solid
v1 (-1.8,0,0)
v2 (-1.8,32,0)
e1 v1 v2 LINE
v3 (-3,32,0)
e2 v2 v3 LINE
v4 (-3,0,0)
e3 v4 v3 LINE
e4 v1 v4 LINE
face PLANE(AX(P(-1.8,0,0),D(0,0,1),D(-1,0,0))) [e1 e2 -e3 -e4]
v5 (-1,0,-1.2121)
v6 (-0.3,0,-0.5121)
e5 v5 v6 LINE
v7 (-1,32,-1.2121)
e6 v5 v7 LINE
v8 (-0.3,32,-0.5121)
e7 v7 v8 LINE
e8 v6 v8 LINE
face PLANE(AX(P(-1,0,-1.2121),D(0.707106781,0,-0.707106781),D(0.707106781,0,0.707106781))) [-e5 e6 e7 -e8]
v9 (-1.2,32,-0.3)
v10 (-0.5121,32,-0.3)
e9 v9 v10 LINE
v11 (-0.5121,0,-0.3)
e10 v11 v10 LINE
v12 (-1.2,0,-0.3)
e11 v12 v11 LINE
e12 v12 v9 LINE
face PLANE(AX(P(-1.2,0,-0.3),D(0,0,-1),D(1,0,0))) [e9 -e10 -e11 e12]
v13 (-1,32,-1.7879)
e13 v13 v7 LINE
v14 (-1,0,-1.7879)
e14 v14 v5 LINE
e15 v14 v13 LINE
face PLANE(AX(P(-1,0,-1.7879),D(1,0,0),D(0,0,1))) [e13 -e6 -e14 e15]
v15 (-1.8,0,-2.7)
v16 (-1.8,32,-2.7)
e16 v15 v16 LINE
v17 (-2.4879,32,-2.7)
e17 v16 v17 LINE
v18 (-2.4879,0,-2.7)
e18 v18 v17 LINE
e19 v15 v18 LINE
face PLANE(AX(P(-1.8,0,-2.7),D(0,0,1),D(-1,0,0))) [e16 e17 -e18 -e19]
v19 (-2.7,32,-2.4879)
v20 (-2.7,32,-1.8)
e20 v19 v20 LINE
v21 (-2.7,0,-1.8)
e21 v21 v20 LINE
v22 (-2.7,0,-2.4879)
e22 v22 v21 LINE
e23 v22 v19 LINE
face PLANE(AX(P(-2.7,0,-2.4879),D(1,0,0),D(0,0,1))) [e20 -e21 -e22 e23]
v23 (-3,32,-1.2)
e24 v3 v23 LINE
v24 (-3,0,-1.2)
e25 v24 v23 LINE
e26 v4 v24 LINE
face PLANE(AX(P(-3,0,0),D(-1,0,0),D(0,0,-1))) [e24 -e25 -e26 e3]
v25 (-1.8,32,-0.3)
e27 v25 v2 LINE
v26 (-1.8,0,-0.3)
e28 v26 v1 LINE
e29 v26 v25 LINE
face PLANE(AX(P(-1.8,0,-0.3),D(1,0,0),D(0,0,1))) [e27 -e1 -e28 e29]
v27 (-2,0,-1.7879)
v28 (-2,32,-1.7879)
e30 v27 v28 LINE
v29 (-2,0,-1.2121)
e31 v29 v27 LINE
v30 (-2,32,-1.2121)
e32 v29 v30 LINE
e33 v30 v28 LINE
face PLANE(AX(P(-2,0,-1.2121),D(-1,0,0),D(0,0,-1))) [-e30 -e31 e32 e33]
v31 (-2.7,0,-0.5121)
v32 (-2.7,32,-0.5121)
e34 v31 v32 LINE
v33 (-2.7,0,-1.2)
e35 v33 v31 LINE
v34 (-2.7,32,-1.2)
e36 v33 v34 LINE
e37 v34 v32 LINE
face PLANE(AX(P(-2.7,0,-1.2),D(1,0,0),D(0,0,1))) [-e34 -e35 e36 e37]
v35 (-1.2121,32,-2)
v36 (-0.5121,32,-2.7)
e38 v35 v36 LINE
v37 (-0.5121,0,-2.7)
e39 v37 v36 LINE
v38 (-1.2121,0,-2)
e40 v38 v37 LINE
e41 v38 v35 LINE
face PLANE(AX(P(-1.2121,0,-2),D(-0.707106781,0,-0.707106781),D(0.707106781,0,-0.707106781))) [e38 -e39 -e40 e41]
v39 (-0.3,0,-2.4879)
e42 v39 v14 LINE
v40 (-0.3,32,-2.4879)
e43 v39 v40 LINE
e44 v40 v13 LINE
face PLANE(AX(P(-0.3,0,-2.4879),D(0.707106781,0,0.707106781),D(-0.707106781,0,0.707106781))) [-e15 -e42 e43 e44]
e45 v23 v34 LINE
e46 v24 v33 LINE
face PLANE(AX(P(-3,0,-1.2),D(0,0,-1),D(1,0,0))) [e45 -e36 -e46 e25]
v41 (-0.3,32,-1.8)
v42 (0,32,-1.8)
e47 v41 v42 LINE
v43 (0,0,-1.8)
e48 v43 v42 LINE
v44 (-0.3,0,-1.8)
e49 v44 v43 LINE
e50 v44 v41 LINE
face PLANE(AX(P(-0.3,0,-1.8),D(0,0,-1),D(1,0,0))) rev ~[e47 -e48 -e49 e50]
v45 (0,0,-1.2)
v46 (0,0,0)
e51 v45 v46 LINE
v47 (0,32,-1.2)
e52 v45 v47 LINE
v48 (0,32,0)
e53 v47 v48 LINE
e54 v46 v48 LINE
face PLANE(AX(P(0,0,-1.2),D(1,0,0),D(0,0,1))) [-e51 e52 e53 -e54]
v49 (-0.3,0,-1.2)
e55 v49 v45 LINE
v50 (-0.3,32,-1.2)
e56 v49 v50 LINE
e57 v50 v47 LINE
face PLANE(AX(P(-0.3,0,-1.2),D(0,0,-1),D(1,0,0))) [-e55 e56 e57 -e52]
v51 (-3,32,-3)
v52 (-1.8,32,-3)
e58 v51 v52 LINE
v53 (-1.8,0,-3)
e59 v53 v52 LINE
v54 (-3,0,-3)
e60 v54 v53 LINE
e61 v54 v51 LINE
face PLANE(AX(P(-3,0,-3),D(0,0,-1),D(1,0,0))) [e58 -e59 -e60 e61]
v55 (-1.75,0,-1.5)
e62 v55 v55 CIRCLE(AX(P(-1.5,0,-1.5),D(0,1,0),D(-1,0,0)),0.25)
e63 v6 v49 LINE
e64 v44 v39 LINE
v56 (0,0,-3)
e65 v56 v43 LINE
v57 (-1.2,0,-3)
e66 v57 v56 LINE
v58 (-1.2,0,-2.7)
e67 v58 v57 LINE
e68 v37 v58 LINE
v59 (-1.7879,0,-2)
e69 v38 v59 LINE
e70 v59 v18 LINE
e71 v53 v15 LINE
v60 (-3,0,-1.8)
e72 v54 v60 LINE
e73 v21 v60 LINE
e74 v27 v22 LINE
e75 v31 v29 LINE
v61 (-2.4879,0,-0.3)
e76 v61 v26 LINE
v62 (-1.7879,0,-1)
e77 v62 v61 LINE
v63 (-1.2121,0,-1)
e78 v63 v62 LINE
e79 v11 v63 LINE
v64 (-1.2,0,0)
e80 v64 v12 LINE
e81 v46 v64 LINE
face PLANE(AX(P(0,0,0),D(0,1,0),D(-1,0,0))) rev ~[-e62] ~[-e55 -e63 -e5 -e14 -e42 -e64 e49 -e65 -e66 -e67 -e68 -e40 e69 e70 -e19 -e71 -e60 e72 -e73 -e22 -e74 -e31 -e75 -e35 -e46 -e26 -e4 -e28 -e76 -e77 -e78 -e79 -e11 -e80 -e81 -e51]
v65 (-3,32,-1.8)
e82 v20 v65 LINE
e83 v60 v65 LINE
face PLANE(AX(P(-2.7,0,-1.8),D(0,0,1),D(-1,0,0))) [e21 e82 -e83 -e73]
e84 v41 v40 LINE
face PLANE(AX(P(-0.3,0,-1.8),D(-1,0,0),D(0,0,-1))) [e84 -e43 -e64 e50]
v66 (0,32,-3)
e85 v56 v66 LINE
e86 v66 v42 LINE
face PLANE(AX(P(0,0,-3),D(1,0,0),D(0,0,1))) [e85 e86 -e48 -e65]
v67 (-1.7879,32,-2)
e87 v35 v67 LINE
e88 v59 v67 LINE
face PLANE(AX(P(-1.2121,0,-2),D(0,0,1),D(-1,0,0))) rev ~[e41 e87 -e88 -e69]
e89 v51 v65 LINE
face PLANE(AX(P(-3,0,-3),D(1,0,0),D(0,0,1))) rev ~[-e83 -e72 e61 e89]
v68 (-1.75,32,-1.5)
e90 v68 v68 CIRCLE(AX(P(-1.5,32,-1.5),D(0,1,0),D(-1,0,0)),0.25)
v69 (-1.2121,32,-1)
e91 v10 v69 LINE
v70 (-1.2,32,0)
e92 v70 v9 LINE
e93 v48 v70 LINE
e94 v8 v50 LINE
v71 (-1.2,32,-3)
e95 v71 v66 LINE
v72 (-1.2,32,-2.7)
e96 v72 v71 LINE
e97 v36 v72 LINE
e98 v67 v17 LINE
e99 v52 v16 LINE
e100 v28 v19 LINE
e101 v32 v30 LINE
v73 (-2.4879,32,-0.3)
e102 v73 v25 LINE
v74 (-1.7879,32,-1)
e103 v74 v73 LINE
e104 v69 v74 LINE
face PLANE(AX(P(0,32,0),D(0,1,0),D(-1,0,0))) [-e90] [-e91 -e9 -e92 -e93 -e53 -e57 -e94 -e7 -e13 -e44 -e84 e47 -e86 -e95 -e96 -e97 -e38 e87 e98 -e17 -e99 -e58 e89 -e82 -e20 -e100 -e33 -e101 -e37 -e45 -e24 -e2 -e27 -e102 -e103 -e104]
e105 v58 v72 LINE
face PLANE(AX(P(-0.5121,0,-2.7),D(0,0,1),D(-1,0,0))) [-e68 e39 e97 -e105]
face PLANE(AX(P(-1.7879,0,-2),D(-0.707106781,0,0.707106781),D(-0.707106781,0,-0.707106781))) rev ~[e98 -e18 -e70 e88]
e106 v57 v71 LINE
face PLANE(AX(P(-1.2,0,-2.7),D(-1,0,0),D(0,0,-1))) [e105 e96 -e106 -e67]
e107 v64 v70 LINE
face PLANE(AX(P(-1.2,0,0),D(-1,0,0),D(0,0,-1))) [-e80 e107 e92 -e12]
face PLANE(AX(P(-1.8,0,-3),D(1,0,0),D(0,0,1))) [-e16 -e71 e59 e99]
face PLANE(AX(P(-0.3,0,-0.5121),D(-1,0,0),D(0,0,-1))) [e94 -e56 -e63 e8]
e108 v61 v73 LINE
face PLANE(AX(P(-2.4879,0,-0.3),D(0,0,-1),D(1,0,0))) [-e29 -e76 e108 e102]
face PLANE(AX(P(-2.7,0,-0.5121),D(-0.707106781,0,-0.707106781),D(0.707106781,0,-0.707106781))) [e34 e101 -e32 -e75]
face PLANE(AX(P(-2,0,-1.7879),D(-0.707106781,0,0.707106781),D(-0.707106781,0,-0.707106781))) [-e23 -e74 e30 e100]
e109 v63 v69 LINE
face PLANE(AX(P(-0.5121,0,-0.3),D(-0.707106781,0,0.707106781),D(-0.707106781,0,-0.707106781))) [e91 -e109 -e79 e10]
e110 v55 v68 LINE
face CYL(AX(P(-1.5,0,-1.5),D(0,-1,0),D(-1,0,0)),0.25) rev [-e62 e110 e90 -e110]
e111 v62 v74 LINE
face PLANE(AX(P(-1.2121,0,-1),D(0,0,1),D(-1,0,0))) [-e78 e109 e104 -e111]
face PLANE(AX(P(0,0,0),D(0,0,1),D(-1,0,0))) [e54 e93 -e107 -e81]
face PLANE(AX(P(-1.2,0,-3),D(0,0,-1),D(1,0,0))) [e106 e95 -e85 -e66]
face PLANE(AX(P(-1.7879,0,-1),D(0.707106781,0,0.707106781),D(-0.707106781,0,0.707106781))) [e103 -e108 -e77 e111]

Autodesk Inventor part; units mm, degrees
ref_plane "YZ Plane" through (0, 0, 0) normal (1, 0, 0) x (0, 1, 0)
ref_plane "XZ Plane" through (0, 0, 0) normal (0, 1, 0) x (-1, 0, 0)
ref_plane "XY Plane" through (0, 0, 0) normal (0, 0, 1) x (1, 0, 0)
sketch "Skizze1" plane through (0, 0, 0) normal (0, 1, 0) x (-1, 0, 0)
  line L0 (0, 0) -> (3, 0) construction
  line L1 (3, 0) -> (3, -3) construction
  line L2 (3, -3) -> (0, -3) construction
  line L3 (0, -3) -> (0, 0) construction
  line L4 (3, -1.5) -> (0, -1.5) construction
  line L5 (1.5, -3) -> (1.5, 0) construction
  circle A0 centre (1.5, -1.5) radius 0.25
  line L6 (2, -1) -> (1, -1) construction
  line L7 (1, -1) -> (1, -2) construction
  line L8 (1, -2) -> (2, -2) construction
  line L9 (2, -2) -> (2, -1) construction
  line L10 (1.5, -1) -> (1.5, -2) construction
  line L11 (2, -1.5) -> (1, -1.5) construction
  line L12 (3, -1.2) -> (0, -1.2) construction
  line L13 (1.2, 0) -> (1.2, -3) construction
  line L14 (0, -1.8) -> (3, -1.8) construction
  line L15 (1.8, 0) -> (1.8, -3) construction
  line L16 (2.7, -2.7) -> (2.7, -0.3) construction
  line L17 (2.7, -0.3) -> (0.3, -0.3) construction
  line L18 (0.3, -0.3) -> (0.3, -2.7) construction
  line L19 (0.3, -2.7) -> (2.7, -2.7) construction
  line L20 (2.7, -0.3) -> (0.3, -2.7) construction
  line L21 (2.7, -2.7) -> (0.3, -0.3) construction
  line L22 (2.7, -0.5121) -> (0.5121, -2.7) construction
  line L23 (0.3, -2.4879) -> (2.4879, -0.3) construction
  line L24 (0.5121, -0.3) -> (2.7, -2.4879) construction
  line L25 (2.4879, -2.7) -> (0.3, -0.5121) construction
  line L26 (3, 0) -> (3, -1.2)
  line L27 (3, -1.2) -> (2.7, -1.2)
  line L28 (2.7, -1.2) -> (2.7, -0.5121)
  line L29 (2.7, -0.5121) -> (2, -1.2121)
  line L30 (2, -1.2121) -> (2, -1.7879)
  line L31 (2, -1.7879) -> (2.7, -2.4879)
  line L32 (2.7, -2.4879) -> (2.7, -1.8)
  line L33 (2.7, -1.8) -> (3, -1.8)
  line L34 (3, -3) -> (3, -1.8)
  line L35 (3, -3) -> (1.8, -3)
  line L36 (1.8, -3) -> (1.8, -2.7)
  line L37 (1.8, -2.7) -> (2.4879, -2.7)
  line L38 (1.7879, -2) -> (2.4879, -2.7)
  line L39 (1.2121, -2) -> (1.7879, -2)
  line L40 (1.2121, -2) -> (0.5121, -2.7)
  line L41 (0.5121, -2.7) -> (1.2, -2.7)
  line L42 (1.2, -2.7) -> (1.2, -3)
  line L43 (1.2, -3) -> (0, -3)
  line L44 (0, -3) -> (0, -1.8)
  line L45 (0.3, -1.8) -> (0, -1.8)
  line L46 (0.3, -1.8) -> (0.3, -2.4879)
  line L47 (0.3, -2.4879) -> (1, -1.7879)
  line L48 (1, -1.7879) -> (1, -1.2121)
  line L49 (1, -1.2121) -> (0.3, -0.5121)
  line L50 (0.3, -0.5121) -> (0.3, -1.2)
  line L51 (0.3, -1.2) -> (0, -1.2)
  line L52 (0, -1.2) -> (0, 0)
  line L53 (0, 0) -> (1.2, 0)
  line L54 (1.2, 0) -> (1.2, -0.3)
  line L55 (1.2, -0.3) -> (0.5121, -0.3)
  line L56 (0.5121, -0.3) -> (1.2121, -1)
  line L57 (1.2121, -1) -> (1.7879, -1)
  line L58 (1.7879, -1) -> (2.4879, -0.3)
  line L59 (2.4879, -0.3) -> (1.8, -0.3)
  line L60 (1.8, -0.3) -> (1.8, 0)
  line L61 (1.8, 0) -> (3, 0)
  dimension "d0" = 3
  dimension "d1" = 3
  dimension "d2" = 0.5
  dimension "d3" = 1
  dimension "d4" = 1
  dimension "d5" = 1.2
  dimension "d6" = 1.2
  dimension "d7" = 1.2
  dimension "d8" = 1.2
  dimension "d9" = 0.3
  dimension "d10" = 0.15
  dimension "d11" = 0.15
  dimension "d12" = 0.15
  dimension "d13" = 0.15
extrude "Extrusion1" add sketch "Skizze1" along normal blind 32
properties part number "item_30x30_32cm"
